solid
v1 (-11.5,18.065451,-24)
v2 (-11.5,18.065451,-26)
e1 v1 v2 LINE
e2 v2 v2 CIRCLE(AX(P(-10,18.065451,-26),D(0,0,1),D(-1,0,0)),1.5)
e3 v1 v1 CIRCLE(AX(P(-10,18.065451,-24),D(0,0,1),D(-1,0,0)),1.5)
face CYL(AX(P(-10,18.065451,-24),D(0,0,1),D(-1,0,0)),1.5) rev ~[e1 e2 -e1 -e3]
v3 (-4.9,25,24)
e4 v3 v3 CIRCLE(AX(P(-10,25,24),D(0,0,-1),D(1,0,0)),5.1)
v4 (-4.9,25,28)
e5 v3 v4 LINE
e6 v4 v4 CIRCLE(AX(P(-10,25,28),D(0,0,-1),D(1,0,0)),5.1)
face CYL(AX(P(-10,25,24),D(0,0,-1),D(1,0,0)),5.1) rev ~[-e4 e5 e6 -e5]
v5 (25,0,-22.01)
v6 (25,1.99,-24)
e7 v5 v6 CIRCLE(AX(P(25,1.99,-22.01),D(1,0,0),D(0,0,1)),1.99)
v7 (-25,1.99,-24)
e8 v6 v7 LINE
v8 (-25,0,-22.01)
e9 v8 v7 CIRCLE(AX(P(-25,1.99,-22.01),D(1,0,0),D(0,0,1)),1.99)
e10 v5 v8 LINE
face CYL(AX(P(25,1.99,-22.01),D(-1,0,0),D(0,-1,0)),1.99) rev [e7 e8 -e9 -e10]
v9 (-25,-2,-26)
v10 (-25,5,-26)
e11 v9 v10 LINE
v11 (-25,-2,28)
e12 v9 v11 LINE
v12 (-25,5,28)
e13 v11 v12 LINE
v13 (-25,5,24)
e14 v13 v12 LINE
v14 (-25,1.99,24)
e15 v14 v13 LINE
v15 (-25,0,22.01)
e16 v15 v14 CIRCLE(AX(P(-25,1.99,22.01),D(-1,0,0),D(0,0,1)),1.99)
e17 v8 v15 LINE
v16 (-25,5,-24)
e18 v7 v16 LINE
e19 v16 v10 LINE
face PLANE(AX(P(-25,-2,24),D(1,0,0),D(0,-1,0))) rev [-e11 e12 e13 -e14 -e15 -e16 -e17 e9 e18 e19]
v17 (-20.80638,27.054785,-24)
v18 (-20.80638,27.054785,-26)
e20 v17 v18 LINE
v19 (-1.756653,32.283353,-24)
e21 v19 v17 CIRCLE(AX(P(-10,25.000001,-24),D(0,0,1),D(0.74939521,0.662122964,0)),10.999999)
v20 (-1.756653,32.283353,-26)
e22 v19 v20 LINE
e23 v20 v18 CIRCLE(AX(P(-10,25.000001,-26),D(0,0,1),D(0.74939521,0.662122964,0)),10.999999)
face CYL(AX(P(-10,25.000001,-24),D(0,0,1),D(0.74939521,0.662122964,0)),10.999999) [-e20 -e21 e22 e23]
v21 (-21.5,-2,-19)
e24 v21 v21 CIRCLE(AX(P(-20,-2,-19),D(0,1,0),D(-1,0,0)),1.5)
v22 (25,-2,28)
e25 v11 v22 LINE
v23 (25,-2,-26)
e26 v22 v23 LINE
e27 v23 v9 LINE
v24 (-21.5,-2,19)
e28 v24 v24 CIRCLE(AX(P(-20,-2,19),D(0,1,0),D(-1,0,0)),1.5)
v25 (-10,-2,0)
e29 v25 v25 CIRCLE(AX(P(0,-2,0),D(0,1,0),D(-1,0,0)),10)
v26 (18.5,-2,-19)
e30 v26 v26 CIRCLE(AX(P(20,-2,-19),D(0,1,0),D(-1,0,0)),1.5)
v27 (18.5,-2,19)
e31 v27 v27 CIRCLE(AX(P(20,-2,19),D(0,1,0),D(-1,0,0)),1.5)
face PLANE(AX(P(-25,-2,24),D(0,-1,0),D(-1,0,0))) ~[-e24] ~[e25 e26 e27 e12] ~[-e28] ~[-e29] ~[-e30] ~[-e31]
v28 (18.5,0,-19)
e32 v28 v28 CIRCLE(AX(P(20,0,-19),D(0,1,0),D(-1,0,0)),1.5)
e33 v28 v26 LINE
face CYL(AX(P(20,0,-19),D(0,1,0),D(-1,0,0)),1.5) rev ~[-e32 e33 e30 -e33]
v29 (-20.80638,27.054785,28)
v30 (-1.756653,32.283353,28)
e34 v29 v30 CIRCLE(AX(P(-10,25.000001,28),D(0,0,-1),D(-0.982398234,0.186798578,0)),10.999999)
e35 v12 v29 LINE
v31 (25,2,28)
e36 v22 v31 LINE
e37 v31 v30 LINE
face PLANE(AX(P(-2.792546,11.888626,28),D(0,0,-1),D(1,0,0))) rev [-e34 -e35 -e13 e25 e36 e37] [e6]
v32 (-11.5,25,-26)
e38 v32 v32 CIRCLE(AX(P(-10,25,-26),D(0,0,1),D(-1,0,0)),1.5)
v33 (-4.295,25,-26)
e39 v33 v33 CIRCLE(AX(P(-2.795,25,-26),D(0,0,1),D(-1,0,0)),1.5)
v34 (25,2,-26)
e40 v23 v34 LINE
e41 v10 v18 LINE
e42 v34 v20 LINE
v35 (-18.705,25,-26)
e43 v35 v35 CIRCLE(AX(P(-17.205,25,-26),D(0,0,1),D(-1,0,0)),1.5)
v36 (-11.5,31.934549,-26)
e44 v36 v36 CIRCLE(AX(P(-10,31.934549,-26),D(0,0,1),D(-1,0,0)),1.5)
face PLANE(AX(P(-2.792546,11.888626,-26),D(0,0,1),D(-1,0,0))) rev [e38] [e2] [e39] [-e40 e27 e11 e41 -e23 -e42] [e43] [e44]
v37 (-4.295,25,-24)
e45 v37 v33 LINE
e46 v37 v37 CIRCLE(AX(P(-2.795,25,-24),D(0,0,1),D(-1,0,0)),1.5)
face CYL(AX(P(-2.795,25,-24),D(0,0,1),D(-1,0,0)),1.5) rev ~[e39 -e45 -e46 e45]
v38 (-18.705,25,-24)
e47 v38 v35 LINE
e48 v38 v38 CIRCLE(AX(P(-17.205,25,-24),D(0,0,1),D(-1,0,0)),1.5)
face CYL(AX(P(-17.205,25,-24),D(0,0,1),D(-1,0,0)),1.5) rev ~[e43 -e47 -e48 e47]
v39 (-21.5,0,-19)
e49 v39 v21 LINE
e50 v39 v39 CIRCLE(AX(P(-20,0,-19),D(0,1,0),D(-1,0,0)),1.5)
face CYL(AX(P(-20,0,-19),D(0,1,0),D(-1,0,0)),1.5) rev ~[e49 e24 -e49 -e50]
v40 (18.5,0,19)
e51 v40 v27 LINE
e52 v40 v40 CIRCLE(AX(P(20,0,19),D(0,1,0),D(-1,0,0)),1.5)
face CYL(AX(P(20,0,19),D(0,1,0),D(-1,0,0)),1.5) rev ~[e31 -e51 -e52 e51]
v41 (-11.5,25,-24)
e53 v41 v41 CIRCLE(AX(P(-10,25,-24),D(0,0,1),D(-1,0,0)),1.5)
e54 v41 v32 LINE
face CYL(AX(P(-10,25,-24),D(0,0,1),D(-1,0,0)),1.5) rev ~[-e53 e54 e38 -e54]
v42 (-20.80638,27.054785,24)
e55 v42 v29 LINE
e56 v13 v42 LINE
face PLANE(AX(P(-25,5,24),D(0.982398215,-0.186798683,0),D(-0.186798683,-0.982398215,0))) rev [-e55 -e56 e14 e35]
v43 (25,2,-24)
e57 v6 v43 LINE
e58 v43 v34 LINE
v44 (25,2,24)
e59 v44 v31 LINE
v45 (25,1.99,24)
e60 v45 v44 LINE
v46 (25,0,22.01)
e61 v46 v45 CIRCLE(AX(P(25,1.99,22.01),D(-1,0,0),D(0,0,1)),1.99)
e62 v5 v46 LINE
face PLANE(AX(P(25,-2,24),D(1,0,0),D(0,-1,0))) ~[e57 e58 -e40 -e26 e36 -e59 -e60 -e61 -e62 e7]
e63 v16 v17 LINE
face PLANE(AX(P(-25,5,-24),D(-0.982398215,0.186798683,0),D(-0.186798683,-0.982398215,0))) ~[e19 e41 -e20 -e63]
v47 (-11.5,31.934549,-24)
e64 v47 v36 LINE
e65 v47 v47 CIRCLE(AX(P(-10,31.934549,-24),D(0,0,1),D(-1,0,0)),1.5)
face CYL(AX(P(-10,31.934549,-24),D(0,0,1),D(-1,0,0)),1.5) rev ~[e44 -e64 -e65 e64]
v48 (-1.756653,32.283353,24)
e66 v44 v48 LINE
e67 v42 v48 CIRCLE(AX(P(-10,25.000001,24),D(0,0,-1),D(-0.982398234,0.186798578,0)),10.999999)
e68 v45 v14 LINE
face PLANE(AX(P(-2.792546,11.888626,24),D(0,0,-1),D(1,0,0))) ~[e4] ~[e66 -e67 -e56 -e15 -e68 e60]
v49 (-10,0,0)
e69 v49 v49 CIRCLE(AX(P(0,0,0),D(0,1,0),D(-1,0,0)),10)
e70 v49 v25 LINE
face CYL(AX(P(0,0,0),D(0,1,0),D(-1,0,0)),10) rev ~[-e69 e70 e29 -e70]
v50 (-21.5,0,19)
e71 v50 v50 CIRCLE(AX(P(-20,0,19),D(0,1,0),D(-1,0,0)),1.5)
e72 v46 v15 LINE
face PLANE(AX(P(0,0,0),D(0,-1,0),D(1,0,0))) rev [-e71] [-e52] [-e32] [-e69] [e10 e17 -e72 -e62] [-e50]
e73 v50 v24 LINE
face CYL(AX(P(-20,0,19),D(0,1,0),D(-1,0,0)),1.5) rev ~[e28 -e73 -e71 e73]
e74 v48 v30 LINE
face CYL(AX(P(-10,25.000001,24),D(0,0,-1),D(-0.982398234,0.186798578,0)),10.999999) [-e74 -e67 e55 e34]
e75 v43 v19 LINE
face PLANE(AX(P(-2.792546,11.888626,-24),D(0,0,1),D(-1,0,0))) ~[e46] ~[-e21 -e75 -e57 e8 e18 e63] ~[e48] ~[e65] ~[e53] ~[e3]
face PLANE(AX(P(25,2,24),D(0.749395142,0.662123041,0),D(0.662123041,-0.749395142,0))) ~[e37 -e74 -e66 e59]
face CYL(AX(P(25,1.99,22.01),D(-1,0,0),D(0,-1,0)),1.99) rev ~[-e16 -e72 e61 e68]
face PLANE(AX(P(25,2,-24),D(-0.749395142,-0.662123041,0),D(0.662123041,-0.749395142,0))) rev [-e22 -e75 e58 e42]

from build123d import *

# Parameters (mm, degrees)
SKETCH_W     = 50
SKETCH_H     = 48
SKETCH_R     = 1.5
SKETCH_R_2   = 10
PAD_DEPTH    = 2
SKETCH003_R  = 1.5
PAD001_DEPTH = 2
SKETCH004_R  = 5.1
PAD002_DEPTH = 4
FILLET_R     = 1.99
FILLET001_R  = 1.99


with BuildPart() as body:
    # Sketch → Pad (new body)
    with BuildSketch(Plane.XZ):
        Rectangle(SKETCH_W, SKETCH_H)
        with Locations((-20, 19)):
            Circle(SKETCH_R, mode=Mode.SUBTRACT)
        with Locations((20, 19)):
            Circle(SKETCH_R, mode=Mode.SUBTRACT)
        with Locations((-20, -19)):
            Circle(SKETCH_R, mode=Mode.SUBTRACT)
        with Locations((20, -19)):
            Circle(SKETCH_R, mode=Mode.SUBTRACT)
        Circle(SKETCH_R_2, mode=Mode.SUBTRACT)
    extrude(amount=PAD_DEPTH)

    # Sketch003 (on Face3 of Pad) → Pad001 (join)
    with BuildSketch(Plane(origin=(0, 0, -24), x_dir=(1, 0, 0), z_dir=(0, 0, -1))):
        with BuildLine():
            Line((-25, 0), (-25, 2))
            Line((-25, 2), (25, 2))
            Line((25, 2), (25, 0))
            Line((25, 0), (25, -5))
            Line((25, -5), (20.80638, -27.054785))
            ThreePointArc((1.756653, -32.283353), (12.911489, -35.607697), (20.80638, -27.054785))
            Line((-25, -2), (1.756653, -32.283353))
            Line((-25, 0), (-25, -2))
        make_face()
        with Locations((10, -31.934549)):
            Circle(SKETCH003_R, mode=Mode.SUBTRACT)
        with Locations((17.205, -25)):
            Circle(SKETCH003_R, mode=Mode.SUBTRACT)
        with Locations((10, -25)):
            Circle(SKETCH003_R, mode=Mode.SUBTRACT)
        with Locations((2.795, -25)):
            Circle(SKETCH003_R, mode=Mode.SUBTRACT)
        with Locations((10, -18.065451)):
            Circle(SKETCH003_R, mode=Mode.SUBTRACT)
    extrude(amount=PAD001_DEPTH)

    # Sketch004 (on Face1 of Pad) → Pad002 (join)
    with BuildSketch(Plane(origin=(0, 0, 24), x_dir=(-1, 0, 0), z_dir=(0, 0, 1))):
        with BuildLine():
            Line((-25, 2), (25, 2))
            Line((25, 2), (25, 0))
            Line((25, 0), (25, -2))
            Line((25, -2), (-1.756653, -32.283353))
            ThreePointArc((-20.80638, -27.054785), (-12.911489, -35.607697), (-1.756653, -32.283353))
            Line((-25, -5), (-20.80638, -27.054785))
            Line((-25, 0), (-25, -5))
            Line((-25, 0), (-25, 2))
        make_face()
        with Locations((-10, -25)):
            Circle(SKETCH004_R, mode=Mode.SUBTRACT)
    extrude(amount=PAD002_DEPTH)

    # Fillet
    fillet_edges = [body.edges().sort_by_distance(p)[0] for p in [
        (0, 0, 24),
    ]]
    fillet(fillet_edges, radius=FILLET_R)

    # Fillet001
    fillet001_edges = [body.edges().sort_by_distance(p)[0] for p in [
        (0, 0, -24),
    ]]
    fillet(fillet001_edges, radius=FILLET001_R)


with BuildPart() as part_mirroring:
    # Part__Mirroring: instance of Body
    add(body.part.mirror(Plane(origin=(0, 0, 0), x_dir=(0, -1, 0), z_dir=(1, 0, 0))))


solid = part_mirroring.part
